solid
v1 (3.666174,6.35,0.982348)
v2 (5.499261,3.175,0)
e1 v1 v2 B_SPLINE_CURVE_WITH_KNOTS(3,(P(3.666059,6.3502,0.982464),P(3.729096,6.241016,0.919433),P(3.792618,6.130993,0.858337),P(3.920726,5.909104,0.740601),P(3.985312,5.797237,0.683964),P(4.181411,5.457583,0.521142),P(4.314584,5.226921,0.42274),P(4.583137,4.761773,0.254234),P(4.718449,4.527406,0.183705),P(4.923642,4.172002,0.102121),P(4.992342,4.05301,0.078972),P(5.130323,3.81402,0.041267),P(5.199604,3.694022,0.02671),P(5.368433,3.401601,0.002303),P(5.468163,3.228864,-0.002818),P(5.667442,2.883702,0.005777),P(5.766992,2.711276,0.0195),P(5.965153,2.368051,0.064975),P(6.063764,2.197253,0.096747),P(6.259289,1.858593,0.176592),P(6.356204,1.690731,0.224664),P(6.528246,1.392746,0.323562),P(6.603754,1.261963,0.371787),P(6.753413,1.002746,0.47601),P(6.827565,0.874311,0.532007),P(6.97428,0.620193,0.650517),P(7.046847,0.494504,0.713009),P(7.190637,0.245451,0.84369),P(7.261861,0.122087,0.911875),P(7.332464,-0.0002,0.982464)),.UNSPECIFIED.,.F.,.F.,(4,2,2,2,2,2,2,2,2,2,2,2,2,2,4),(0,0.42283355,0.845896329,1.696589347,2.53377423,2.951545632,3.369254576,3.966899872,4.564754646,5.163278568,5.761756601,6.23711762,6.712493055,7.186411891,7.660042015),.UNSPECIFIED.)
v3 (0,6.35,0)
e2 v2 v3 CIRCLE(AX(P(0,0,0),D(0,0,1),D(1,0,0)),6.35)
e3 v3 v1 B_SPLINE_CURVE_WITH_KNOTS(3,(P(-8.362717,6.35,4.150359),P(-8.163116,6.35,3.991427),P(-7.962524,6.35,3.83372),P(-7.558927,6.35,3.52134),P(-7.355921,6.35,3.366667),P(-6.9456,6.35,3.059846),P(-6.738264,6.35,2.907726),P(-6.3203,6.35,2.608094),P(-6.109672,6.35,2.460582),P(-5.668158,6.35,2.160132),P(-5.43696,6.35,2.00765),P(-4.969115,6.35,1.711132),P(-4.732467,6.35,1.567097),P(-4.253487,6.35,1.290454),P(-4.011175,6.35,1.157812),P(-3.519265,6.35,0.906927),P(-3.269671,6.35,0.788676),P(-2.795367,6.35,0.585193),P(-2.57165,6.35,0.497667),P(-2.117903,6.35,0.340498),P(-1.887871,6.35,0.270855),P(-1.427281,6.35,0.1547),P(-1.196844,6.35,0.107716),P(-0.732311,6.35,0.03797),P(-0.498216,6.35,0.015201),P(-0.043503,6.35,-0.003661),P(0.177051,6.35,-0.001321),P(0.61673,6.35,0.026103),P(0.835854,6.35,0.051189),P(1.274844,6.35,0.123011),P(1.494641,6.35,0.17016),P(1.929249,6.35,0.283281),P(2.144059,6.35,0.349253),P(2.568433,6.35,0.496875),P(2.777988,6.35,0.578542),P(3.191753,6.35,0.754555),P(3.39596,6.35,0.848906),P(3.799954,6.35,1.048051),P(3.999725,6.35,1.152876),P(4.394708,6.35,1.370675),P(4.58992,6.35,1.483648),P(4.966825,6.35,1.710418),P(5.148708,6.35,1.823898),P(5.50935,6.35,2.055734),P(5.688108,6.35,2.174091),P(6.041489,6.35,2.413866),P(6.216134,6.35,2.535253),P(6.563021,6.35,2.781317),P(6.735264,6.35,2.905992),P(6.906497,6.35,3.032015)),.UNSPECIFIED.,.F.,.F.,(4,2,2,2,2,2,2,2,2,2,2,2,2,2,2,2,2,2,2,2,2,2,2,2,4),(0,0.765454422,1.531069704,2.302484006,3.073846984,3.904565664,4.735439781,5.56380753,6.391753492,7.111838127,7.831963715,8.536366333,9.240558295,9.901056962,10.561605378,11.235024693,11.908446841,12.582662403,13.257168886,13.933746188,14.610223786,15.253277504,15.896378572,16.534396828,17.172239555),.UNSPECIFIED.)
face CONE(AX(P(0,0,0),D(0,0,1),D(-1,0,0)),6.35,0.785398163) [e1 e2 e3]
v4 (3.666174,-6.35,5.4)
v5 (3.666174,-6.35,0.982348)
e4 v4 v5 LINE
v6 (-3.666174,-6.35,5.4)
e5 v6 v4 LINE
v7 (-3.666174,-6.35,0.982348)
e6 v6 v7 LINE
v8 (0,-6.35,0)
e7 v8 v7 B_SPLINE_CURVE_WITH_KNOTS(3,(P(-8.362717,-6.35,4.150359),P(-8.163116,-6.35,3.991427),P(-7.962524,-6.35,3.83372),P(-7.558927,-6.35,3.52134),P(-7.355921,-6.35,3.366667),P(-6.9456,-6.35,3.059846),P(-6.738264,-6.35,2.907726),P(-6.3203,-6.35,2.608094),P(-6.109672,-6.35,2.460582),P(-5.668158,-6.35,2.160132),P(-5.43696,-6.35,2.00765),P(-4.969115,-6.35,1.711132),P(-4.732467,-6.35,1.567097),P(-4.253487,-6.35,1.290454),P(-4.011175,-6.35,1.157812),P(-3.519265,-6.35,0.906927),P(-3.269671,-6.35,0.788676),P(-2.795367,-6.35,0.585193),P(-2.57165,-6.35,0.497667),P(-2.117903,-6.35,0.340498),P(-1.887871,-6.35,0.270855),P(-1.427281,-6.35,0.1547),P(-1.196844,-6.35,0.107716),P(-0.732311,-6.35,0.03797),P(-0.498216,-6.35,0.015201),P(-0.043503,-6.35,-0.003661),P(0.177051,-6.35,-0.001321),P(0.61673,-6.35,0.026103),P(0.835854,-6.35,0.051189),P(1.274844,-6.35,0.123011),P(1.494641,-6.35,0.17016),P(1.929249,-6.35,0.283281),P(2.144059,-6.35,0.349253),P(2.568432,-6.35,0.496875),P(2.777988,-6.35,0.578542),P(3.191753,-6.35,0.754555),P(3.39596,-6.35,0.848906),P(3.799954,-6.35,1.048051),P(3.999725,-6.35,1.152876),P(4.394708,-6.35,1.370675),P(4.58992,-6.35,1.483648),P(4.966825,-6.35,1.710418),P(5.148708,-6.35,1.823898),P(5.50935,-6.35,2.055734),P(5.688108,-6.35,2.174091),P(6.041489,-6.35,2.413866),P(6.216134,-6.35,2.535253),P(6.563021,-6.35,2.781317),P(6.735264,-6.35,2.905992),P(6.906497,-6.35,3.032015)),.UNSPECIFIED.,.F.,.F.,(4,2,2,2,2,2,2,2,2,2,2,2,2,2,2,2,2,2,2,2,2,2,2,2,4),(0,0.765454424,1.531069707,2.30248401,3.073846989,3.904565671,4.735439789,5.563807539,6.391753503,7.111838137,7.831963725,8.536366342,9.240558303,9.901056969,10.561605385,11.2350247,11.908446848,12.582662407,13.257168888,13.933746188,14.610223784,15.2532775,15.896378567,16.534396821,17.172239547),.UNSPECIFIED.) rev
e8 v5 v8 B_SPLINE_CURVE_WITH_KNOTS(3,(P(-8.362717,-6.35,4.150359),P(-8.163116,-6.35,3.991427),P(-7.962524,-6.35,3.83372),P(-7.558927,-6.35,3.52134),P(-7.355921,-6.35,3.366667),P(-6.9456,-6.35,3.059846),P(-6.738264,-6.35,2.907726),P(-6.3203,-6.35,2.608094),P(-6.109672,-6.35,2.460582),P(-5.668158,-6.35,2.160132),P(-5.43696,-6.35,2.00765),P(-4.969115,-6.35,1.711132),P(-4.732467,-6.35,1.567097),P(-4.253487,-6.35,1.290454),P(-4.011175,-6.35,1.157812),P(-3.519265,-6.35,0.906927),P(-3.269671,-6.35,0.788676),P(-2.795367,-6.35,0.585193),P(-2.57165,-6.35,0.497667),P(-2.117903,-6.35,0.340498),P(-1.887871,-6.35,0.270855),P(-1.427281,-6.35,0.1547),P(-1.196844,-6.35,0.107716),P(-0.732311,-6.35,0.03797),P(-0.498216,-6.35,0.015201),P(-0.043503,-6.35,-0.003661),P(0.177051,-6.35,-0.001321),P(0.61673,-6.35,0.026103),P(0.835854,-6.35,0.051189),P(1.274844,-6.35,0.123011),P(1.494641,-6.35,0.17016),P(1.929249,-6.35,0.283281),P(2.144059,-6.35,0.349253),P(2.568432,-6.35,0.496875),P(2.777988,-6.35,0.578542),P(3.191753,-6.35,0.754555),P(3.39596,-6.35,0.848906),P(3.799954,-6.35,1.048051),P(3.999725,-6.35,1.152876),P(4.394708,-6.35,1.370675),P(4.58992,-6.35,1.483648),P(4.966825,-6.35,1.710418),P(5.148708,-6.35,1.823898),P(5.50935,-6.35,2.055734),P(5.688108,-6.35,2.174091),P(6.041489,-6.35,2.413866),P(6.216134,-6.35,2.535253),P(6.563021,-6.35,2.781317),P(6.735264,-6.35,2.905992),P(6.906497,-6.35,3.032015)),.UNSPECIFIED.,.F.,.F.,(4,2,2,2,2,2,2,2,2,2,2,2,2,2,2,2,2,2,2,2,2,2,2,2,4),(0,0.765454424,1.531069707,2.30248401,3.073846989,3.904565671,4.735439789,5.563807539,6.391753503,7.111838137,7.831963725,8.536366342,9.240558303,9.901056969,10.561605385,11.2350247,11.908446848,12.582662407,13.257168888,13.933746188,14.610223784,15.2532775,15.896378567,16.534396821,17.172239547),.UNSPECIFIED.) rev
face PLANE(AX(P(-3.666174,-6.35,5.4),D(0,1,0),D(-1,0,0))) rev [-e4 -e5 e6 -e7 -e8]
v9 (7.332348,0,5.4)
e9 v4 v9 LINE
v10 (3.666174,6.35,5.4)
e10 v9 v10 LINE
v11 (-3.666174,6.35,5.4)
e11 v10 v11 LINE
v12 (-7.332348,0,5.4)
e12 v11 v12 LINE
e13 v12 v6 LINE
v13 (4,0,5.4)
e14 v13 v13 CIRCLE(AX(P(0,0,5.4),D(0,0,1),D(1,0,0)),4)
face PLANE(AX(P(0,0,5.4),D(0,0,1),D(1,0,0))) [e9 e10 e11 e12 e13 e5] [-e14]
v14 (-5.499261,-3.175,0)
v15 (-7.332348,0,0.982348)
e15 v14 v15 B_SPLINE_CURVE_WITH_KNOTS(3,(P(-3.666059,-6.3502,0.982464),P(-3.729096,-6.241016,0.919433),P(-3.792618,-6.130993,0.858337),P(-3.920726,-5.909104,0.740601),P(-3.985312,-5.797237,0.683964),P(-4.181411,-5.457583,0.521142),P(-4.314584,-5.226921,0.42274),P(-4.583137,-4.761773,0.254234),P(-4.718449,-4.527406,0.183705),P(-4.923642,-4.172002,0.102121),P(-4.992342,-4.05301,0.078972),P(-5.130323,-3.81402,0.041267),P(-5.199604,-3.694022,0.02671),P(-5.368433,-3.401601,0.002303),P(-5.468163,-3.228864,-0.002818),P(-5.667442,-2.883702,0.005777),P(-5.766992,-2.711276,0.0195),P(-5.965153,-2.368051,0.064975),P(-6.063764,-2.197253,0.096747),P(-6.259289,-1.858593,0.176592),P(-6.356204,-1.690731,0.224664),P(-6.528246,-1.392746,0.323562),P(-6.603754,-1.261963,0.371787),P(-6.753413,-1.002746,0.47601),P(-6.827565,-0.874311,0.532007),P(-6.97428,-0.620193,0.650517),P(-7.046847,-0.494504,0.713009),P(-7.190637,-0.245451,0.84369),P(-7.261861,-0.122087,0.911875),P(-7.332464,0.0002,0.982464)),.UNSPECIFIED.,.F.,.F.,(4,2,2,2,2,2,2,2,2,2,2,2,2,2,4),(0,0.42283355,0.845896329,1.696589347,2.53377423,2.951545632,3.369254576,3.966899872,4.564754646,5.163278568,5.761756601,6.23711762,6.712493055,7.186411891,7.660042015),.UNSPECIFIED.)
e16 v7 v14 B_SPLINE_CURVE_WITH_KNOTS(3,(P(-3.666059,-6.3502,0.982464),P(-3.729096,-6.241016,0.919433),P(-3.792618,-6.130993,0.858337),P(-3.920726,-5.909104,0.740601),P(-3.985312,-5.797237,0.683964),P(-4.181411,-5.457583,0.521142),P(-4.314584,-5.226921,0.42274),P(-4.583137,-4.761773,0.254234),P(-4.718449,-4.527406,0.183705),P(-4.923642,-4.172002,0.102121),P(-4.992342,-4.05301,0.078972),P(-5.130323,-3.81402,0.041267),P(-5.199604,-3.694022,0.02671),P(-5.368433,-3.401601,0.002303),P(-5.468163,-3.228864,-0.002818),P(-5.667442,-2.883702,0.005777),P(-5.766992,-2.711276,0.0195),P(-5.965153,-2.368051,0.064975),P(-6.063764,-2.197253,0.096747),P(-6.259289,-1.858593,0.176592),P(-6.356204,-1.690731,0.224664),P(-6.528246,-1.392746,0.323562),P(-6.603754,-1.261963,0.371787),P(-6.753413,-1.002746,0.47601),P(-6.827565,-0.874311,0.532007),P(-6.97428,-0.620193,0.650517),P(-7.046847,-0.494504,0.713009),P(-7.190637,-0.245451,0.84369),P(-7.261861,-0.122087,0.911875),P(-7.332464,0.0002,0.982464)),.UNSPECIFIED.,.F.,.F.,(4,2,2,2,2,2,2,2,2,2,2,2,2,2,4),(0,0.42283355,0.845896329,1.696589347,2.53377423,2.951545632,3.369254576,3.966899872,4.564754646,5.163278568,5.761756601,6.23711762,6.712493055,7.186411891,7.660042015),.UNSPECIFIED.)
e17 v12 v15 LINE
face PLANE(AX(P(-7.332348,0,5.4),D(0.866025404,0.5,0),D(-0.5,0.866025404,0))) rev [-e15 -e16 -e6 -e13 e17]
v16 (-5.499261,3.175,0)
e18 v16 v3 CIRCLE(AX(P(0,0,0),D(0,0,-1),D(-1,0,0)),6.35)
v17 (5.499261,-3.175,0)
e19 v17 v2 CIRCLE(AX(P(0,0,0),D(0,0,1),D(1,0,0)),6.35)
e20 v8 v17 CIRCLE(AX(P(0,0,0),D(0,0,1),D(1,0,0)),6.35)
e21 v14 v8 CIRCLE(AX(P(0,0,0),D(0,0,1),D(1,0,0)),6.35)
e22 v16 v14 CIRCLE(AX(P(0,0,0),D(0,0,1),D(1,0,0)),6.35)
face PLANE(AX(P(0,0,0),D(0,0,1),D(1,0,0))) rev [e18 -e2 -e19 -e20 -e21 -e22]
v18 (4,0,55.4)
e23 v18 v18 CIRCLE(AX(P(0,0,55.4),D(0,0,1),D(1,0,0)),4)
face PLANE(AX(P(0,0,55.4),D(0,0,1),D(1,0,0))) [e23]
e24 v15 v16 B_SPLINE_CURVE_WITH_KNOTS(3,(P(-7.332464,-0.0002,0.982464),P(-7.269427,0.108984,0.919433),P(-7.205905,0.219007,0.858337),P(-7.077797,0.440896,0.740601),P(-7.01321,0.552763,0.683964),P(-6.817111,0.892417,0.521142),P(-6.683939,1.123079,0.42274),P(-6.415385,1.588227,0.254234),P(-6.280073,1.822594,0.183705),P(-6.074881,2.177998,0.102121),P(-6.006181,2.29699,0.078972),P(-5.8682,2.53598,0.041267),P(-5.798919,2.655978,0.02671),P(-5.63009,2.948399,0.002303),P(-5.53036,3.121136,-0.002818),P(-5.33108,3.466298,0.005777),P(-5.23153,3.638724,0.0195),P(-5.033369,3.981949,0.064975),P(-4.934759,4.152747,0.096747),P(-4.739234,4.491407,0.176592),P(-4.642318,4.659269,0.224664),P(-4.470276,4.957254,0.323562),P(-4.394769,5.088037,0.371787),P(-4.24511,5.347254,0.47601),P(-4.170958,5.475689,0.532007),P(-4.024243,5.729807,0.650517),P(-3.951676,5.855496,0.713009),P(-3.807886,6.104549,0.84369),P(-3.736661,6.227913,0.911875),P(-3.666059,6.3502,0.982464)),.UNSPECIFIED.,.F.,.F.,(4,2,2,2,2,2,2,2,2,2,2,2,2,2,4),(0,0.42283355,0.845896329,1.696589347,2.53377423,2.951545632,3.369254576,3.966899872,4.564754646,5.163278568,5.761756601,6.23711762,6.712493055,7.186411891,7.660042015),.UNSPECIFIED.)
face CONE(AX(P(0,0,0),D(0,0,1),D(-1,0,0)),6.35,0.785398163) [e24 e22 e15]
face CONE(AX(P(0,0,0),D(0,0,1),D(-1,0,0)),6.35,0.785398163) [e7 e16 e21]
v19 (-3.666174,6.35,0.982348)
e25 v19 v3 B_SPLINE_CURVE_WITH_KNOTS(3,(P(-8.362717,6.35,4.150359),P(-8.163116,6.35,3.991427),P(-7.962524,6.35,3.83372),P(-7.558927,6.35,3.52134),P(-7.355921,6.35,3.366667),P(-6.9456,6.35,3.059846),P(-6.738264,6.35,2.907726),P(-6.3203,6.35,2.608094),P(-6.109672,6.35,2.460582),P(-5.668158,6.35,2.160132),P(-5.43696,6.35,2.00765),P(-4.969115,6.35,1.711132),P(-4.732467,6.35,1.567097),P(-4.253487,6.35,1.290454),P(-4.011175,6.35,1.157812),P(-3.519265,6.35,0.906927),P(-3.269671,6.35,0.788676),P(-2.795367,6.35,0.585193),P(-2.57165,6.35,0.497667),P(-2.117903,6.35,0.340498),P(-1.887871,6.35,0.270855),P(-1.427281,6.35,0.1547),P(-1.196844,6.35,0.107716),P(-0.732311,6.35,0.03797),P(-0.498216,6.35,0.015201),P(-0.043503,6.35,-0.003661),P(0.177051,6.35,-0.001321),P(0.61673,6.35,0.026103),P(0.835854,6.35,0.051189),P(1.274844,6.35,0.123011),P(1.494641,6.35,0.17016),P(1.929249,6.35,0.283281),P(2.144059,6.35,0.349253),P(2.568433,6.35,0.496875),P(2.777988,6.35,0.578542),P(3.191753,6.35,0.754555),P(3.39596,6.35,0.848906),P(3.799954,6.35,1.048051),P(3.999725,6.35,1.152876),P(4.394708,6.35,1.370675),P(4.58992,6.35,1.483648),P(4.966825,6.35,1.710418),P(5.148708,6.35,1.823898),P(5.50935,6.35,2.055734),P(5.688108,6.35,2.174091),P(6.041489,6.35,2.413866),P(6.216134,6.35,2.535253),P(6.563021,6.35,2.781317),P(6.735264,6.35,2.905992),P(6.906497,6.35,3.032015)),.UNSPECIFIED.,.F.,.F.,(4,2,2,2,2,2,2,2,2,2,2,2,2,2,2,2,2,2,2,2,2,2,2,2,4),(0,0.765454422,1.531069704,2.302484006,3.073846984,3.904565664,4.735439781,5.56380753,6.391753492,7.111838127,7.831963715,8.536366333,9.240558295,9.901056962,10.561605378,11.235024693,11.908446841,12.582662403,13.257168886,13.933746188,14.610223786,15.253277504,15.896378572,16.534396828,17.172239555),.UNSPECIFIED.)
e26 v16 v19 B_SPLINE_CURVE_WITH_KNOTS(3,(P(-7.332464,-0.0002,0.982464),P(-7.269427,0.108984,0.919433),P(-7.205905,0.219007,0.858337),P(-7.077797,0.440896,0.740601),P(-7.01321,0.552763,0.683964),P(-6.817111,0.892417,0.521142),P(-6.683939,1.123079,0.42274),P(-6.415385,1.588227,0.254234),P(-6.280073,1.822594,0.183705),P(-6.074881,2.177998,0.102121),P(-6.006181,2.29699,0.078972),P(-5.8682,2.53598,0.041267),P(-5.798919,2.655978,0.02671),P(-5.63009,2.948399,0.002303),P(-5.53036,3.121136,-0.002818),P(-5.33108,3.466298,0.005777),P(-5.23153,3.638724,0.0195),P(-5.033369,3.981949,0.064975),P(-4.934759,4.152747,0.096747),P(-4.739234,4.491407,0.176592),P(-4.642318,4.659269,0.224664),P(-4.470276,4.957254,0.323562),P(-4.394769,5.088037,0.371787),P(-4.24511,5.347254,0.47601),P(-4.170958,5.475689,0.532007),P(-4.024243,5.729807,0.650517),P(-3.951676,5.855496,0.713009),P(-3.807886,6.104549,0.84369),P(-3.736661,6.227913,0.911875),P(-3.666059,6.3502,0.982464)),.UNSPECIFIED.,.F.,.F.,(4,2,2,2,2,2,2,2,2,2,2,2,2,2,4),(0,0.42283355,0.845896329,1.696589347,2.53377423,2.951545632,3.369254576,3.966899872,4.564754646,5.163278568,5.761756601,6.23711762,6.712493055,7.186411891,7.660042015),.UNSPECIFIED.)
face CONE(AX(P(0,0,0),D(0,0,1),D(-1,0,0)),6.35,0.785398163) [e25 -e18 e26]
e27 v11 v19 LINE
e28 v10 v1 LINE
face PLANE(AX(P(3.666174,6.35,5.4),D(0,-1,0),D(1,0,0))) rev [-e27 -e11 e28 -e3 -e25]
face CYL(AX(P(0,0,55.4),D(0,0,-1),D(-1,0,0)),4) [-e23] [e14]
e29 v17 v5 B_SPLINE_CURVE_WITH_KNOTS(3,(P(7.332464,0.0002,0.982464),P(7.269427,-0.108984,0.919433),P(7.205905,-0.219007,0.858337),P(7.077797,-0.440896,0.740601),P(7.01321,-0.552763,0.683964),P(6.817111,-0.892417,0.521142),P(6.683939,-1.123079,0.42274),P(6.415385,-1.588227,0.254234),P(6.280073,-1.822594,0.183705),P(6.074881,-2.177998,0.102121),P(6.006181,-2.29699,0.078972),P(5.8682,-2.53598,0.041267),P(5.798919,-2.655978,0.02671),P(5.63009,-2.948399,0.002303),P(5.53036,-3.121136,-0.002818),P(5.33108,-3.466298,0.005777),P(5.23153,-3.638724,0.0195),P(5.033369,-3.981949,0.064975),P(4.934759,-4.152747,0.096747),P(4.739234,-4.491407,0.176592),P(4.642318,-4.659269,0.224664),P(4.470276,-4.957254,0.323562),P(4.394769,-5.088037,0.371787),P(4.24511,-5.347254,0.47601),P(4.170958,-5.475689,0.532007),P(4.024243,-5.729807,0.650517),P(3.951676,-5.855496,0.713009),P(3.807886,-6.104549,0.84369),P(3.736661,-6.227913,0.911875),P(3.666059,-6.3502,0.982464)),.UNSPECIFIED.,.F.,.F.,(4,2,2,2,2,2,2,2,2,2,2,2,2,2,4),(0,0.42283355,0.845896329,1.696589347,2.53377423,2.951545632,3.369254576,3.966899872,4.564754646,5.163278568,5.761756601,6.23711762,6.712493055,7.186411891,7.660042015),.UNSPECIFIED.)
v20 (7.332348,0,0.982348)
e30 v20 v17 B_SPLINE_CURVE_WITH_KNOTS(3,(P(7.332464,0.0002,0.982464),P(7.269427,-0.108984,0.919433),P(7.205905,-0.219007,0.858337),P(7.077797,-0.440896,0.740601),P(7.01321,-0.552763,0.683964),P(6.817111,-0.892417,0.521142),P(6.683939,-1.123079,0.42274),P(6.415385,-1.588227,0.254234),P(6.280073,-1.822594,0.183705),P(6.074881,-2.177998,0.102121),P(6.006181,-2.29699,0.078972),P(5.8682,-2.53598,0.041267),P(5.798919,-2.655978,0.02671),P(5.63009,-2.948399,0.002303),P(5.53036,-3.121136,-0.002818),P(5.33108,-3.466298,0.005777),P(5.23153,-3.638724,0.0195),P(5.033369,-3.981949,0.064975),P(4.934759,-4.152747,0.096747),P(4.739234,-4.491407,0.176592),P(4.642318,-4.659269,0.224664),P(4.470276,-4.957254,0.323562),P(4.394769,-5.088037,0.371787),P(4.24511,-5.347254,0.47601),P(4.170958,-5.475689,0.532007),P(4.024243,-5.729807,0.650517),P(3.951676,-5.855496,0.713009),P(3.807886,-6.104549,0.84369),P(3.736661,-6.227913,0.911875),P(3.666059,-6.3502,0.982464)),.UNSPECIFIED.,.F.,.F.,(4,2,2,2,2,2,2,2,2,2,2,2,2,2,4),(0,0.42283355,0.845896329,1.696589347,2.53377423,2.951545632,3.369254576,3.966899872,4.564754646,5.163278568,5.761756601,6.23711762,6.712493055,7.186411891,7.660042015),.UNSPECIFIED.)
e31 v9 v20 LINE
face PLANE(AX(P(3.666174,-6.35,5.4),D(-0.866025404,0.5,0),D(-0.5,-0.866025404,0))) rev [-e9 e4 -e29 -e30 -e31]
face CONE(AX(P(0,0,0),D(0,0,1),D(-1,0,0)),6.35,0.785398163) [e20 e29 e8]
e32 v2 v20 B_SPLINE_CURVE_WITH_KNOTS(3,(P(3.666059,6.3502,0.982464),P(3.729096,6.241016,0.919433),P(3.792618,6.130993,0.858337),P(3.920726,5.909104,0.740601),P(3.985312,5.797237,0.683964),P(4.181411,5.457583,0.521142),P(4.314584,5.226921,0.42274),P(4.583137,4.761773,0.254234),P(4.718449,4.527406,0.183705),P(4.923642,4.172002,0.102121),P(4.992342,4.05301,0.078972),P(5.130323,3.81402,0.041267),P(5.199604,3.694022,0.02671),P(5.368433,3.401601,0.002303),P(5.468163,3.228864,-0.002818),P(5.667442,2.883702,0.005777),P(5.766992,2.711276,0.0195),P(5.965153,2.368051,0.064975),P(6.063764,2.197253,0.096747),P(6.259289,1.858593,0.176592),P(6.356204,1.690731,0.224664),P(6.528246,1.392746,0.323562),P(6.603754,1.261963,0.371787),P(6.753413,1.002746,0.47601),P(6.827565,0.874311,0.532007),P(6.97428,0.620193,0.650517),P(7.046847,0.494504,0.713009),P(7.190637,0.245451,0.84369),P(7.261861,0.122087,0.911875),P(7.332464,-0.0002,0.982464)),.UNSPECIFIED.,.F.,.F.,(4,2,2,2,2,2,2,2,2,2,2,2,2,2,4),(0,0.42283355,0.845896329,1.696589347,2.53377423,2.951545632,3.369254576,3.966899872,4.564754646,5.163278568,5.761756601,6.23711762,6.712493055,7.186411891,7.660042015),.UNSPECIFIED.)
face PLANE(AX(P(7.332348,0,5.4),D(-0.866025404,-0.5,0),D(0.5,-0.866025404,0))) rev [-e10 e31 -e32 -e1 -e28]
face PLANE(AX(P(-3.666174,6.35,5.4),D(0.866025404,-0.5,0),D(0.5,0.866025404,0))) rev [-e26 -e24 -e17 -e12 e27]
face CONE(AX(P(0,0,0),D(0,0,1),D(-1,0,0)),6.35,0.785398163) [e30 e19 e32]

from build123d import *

# Parameters (mm, degrees)
RESSALTO_EXTRUS_O1_DEPTH = 5.4
ESBO_O2_R                = 4
RESSALTO_EXTRUS_O2_DEPTH = 50
ESBO_O3_OUTSIDE_W        = 158.404
ESBO_O3_OUTSIDE_H        = 156.44
ESBO_O3_OUTSIDE_R        = 6.35
CORTE_EXTRUS_O1_DEPTH    = 65
CORTE_EXTRUS_O1_TAPER    = 45


with BuildPart() as part:
    # Esboço1 → Ressalto-extrusão1 (new body)
    with BuildSketch(Plane.XY):
        Polygon((3.666174209, -6.35), (7.332348419, 0), (3.666174209, 6.35), (-3.666174209, 6.35), (-7.332348419, 0), (-3.666174209, -6.35), align=None)
    extrude(amount=RESSALTO_EXTRUS_O1_DEPTH)

    # Esboço2 → Ressalto-extrusão2 (add)
    with BuildSketch(Plane.XY.offset(5.4)):
        Circle(ESBO_O2_R)
    extrude(amount=RESSALTO_EXTRUS_O2_DEPTH)

    # Esboço3 outside → Corte-extrusão1 (cut)
    with BuildSketch(Plane(origin=(0, 0, 0), x_dir=(-1, 0, 0), z_dir=(0, 0, -1))):
        Rectangle(ESBO_O3_OUTSIDE_W, ESBO_O3_OUTSIDE_H)
        Circle(ESBO_O3_OUTSIDE_R, mode=Mode.SUBTRACT)
    extrude(amount=-CORTE_EXTRUS_O1_DEPTH, taper=CORTE_EXTRUS_O1_TAPER, mode=Mode.SUBTRACT)


solid = part.part
